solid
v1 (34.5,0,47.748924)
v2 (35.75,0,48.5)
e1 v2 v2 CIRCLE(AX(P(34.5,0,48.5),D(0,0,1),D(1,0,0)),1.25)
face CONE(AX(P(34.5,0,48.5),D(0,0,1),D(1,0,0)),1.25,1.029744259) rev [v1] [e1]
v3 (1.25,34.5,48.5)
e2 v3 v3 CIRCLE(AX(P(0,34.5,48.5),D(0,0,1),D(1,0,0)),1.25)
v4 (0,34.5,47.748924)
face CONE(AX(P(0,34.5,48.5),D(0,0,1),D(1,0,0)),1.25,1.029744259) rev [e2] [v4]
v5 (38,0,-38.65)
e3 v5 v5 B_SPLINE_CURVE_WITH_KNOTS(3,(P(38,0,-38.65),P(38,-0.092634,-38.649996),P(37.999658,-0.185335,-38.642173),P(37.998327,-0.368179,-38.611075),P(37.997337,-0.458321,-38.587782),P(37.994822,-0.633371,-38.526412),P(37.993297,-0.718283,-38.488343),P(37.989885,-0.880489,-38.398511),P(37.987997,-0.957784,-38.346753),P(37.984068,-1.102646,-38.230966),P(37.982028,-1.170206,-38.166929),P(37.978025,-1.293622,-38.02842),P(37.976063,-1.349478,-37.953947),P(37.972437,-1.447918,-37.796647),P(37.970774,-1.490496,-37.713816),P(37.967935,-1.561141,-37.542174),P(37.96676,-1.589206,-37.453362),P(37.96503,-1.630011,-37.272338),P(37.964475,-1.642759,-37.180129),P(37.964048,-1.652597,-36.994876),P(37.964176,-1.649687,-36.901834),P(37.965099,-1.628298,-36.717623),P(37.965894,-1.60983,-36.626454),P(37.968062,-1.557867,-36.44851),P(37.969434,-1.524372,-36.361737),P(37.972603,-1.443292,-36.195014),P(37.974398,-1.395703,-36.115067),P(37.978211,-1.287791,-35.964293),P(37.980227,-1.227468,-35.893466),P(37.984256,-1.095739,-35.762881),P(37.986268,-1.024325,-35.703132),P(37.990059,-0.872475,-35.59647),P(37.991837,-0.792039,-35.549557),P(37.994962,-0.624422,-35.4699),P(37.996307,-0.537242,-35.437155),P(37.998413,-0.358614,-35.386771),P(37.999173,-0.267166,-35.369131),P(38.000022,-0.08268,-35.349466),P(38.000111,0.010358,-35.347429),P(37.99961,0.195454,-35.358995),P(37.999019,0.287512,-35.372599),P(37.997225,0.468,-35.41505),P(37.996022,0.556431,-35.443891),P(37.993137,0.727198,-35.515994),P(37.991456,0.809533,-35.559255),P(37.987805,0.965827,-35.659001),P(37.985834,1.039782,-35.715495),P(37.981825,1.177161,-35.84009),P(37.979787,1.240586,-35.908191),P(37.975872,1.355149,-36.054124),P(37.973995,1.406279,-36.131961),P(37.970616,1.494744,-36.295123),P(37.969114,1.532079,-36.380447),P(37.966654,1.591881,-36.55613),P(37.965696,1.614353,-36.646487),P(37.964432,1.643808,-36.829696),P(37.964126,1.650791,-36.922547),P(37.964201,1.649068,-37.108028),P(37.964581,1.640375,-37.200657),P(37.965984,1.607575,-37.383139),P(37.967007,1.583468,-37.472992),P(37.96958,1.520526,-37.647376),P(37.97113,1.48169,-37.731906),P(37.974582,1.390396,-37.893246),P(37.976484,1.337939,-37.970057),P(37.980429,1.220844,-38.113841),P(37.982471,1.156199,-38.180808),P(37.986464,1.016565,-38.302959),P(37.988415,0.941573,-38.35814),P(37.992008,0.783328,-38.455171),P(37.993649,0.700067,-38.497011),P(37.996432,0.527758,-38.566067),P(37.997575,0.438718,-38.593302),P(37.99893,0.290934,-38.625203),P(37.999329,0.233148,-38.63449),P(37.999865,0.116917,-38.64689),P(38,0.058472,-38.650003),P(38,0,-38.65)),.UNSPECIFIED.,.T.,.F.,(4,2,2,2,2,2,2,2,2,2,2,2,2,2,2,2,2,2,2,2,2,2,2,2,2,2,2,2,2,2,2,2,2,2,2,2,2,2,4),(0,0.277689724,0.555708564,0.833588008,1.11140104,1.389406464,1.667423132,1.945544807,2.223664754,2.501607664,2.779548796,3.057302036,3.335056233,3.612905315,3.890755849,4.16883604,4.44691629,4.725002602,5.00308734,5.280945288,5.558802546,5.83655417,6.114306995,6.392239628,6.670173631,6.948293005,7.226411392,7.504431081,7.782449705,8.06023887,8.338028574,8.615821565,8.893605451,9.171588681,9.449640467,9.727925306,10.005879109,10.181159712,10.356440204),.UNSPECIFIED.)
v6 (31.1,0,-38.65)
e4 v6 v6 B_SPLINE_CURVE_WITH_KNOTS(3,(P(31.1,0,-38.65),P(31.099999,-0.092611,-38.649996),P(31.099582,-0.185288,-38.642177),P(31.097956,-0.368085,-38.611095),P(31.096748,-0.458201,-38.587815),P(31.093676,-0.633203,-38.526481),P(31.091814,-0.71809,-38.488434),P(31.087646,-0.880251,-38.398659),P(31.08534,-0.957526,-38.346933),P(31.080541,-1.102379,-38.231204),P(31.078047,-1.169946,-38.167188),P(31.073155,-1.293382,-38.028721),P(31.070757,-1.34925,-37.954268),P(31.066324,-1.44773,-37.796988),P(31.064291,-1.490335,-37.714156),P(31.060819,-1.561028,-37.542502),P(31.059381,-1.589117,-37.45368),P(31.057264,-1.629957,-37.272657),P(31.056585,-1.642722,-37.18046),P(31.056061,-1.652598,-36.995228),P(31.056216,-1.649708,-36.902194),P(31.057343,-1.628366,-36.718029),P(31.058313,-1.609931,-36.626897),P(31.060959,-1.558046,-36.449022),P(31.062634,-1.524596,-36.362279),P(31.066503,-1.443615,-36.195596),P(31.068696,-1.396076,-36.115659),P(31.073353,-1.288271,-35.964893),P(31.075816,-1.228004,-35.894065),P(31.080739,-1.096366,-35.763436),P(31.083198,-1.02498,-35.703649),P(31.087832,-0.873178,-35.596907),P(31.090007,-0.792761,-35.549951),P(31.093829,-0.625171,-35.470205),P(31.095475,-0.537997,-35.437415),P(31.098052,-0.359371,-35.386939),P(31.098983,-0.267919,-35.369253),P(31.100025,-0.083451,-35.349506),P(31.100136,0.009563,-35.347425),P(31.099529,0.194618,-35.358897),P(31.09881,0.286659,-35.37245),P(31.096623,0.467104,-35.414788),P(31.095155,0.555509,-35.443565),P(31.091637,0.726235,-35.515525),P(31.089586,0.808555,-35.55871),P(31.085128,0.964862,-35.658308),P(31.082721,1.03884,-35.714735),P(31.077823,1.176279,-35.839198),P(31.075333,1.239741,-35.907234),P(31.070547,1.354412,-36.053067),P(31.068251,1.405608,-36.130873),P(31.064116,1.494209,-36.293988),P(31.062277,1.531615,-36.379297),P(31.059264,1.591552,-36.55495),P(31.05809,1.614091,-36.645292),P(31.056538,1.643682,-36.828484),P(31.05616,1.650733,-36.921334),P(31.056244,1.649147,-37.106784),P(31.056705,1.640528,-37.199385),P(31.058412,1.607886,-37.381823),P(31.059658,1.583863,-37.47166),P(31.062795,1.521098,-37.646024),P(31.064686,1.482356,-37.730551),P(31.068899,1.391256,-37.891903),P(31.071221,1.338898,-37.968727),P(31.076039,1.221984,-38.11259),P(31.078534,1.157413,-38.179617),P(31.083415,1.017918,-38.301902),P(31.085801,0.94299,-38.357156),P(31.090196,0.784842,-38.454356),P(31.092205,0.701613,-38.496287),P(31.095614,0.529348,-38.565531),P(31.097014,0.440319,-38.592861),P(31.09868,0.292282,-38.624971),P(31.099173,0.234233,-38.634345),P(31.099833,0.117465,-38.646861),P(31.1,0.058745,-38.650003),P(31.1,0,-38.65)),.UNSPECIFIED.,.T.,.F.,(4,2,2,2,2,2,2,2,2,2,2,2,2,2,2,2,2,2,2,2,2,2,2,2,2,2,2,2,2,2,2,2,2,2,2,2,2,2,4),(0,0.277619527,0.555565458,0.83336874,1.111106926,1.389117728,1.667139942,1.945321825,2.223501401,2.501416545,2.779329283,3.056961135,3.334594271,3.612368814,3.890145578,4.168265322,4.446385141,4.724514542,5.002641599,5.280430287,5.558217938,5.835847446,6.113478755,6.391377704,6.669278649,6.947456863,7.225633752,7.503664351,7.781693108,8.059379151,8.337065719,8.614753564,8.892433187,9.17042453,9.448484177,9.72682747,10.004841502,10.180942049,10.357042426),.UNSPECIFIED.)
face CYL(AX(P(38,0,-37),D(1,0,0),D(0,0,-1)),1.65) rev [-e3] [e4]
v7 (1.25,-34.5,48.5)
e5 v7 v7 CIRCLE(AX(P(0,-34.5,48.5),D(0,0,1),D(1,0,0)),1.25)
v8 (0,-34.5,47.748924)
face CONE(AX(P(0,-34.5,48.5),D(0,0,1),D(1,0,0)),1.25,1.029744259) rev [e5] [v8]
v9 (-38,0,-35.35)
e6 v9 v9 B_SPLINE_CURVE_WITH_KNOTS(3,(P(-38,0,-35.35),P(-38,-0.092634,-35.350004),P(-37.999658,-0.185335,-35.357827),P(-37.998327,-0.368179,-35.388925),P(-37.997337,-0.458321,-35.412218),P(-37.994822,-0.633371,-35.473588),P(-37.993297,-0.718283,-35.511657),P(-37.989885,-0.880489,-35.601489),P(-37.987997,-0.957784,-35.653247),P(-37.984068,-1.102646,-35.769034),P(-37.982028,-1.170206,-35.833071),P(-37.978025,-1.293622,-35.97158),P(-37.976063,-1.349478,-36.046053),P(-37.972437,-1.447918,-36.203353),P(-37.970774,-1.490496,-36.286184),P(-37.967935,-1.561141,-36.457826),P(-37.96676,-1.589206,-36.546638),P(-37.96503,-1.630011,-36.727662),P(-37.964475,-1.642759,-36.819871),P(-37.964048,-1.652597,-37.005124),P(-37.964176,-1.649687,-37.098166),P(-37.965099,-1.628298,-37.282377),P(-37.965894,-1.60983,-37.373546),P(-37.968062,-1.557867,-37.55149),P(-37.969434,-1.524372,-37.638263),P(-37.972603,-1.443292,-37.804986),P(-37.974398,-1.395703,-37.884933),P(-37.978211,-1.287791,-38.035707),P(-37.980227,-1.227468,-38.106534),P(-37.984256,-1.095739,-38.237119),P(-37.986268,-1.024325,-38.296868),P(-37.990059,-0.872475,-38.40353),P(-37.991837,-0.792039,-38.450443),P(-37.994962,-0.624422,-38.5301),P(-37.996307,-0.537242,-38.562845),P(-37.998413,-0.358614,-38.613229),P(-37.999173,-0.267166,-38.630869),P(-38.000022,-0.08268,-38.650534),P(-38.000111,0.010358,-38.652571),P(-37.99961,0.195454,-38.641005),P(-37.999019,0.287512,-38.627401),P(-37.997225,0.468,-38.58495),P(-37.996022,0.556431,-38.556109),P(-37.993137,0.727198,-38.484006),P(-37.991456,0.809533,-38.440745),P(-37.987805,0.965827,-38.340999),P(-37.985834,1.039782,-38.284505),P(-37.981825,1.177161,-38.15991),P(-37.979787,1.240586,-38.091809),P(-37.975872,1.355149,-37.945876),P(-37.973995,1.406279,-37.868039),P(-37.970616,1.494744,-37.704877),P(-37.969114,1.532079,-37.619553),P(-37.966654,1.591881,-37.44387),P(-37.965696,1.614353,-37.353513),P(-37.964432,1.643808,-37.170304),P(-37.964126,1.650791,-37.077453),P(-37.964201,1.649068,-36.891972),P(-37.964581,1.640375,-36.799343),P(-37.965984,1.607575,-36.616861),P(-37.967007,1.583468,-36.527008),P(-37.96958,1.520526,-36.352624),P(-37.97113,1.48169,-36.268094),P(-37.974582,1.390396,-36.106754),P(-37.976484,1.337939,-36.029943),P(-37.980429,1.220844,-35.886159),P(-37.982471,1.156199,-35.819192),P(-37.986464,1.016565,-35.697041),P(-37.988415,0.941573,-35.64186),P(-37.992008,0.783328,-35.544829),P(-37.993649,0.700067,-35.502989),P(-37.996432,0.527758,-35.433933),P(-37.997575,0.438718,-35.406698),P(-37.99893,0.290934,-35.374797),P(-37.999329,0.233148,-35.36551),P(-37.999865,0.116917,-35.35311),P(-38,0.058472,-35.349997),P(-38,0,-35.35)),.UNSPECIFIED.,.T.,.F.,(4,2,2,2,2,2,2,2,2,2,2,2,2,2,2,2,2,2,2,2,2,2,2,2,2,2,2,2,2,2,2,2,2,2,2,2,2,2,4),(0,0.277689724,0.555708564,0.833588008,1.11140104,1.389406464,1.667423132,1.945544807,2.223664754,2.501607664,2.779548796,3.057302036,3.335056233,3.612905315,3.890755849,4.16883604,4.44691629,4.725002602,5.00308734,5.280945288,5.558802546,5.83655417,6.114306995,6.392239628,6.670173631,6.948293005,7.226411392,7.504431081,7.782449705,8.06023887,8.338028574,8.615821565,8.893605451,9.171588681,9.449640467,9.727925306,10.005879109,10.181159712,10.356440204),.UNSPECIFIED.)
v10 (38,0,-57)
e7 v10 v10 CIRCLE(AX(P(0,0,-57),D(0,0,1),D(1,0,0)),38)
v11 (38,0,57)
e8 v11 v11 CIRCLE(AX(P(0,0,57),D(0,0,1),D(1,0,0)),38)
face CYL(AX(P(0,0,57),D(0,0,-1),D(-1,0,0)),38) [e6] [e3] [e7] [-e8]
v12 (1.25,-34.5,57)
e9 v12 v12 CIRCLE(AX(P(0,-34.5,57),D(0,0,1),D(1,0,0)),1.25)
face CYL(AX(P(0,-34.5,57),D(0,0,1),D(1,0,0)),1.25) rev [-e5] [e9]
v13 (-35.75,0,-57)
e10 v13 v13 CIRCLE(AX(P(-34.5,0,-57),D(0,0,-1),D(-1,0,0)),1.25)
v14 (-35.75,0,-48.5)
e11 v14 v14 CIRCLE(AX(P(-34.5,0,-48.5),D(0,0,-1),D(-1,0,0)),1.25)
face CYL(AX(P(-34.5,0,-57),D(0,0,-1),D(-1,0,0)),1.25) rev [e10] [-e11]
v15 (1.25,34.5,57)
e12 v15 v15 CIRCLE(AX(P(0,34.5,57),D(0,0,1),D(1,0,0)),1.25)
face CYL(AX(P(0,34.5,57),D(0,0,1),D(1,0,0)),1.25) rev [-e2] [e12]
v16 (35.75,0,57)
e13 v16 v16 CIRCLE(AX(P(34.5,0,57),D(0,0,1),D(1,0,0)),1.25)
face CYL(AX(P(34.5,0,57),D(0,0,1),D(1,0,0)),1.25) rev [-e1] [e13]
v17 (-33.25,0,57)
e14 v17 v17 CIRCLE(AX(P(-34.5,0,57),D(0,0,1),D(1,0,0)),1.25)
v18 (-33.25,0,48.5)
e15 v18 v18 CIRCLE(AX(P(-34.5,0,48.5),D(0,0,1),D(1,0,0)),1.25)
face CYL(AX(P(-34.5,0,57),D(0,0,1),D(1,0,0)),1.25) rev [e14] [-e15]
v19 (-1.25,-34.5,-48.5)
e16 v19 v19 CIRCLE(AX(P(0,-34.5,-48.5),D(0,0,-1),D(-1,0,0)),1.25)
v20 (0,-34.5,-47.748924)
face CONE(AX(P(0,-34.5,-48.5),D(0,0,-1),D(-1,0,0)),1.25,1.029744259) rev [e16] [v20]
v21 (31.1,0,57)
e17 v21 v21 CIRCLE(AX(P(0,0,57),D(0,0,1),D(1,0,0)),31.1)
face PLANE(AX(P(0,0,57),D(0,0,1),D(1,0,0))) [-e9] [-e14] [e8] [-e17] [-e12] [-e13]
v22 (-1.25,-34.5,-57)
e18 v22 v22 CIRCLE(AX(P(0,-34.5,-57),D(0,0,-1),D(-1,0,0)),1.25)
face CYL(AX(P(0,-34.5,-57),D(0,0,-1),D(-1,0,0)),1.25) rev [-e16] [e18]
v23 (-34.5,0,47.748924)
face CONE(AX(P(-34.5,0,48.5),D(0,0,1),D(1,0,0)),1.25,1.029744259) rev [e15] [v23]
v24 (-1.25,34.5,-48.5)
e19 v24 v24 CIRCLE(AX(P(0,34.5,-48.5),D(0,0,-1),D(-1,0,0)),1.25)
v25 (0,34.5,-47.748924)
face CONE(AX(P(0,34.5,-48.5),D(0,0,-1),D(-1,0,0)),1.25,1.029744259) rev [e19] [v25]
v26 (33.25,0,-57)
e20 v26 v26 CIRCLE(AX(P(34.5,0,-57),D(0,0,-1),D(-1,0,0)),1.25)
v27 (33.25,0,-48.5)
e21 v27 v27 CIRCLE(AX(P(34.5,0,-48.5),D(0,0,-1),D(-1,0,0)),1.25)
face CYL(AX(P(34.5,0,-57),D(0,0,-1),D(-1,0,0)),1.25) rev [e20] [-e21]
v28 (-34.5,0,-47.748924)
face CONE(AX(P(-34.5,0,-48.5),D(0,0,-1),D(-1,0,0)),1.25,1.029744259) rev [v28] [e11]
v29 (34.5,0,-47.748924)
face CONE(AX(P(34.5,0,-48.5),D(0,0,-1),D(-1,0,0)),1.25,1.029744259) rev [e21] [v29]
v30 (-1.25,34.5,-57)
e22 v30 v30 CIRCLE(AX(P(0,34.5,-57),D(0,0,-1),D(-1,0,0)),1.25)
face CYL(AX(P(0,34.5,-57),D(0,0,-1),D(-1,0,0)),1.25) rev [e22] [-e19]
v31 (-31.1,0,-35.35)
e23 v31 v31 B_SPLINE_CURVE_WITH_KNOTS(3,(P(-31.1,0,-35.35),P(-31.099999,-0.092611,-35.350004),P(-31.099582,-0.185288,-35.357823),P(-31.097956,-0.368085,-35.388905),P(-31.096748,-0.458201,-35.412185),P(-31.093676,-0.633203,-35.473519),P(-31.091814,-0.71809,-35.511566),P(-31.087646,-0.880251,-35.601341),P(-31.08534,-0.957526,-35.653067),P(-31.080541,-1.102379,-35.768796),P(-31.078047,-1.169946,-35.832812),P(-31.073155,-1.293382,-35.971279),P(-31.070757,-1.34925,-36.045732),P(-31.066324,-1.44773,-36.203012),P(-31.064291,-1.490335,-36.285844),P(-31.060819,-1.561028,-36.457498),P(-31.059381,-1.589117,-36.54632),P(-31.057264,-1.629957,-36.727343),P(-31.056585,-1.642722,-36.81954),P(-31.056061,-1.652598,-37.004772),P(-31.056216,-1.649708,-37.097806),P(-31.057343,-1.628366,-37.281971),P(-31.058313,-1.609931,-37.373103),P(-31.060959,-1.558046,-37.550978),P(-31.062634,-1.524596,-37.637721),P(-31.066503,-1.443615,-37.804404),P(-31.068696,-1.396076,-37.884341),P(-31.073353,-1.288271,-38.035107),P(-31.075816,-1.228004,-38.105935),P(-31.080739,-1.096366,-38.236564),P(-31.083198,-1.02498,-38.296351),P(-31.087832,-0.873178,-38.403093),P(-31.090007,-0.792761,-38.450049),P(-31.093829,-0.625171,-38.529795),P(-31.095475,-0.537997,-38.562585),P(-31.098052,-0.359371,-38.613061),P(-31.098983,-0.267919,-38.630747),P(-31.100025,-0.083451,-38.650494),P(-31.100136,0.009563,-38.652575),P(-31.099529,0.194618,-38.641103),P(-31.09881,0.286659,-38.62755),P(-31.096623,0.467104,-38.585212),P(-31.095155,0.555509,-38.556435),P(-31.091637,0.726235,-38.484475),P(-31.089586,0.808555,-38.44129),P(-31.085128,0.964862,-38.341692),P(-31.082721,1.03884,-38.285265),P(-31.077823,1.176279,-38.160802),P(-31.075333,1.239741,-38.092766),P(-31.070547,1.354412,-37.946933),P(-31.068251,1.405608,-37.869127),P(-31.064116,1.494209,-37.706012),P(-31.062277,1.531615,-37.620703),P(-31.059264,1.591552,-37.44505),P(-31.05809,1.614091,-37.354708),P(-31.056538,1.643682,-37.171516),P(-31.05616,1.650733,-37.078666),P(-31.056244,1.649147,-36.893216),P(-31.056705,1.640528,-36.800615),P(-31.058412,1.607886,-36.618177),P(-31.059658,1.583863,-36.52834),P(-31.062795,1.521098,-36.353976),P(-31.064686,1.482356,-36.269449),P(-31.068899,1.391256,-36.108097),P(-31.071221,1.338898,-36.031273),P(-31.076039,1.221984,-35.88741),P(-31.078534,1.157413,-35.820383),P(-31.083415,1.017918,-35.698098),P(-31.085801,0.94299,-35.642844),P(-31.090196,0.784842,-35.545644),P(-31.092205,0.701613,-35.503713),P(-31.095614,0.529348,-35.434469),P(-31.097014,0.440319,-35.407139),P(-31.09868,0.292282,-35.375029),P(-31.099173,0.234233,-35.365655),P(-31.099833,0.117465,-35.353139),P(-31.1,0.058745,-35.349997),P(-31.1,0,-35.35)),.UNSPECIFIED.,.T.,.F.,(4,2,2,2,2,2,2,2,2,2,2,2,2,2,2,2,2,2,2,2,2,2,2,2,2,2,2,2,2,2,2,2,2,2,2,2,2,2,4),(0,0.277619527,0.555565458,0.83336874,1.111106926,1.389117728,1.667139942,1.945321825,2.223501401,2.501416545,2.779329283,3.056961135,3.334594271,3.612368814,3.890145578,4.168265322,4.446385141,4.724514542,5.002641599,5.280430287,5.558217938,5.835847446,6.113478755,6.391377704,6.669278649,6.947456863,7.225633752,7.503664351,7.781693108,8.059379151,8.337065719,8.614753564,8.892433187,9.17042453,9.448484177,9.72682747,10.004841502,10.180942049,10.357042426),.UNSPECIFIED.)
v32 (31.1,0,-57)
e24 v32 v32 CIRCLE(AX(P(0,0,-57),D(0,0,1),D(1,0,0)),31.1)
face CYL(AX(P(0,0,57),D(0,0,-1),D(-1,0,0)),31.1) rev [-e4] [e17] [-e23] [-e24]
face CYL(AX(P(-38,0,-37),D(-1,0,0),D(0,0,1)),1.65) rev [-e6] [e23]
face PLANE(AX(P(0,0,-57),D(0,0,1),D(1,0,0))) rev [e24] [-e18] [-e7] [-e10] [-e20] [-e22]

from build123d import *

# Parameters (mm, degrees)
SKETCH_1_R                   = 38
SKETCH_1_R_2                 = 31.1
EXTRUDE_1_DEPTH              = 57
HOLE_WIZARD_M3_1_D           = 2.5
HOLE_WIZARD_M3_1_DEPTH       = 8.5
HOLE_WIZARD_M3_1_TIP         = 0.751075774
HOLE_WIZARD_M3_3_D           = 2.5
HOLE_WIZARD_M3_3_DEPTH       = 8.5
HOLE_WIZARD_M3_3_TIP         = 0.751075774
HOLE_WIZARD_M4_1_D           = 3.3
HOLE_WIZARD_M4_1_ON_FACE_2_D = 3.3


with BuildPart() as part:
    # 草图1 → 凸台-拉伸1 (new, symmetric)
    with BuildSketch(Plane.XY):
        with Locations(Location((0, 0, 0), (0, 0, 180))):
            Circle(SKETCH_1_R)
        with Locations(Location((0, 0, 0), (0, 0, 180))):
            Circle(SKETCH_1_R_2, mode=Mode.SUBTRACT)
    extrude(amount=EXTRUDE_1_DEPTH, both=True)

    # M3 螺纹孔1
    with Locations(Plane.XY.offset(57)):
        with Locations((0, 34.5), (34.5, 0), (0, -34.5), (-34.5, 0)):
            Hole(HOLE_WIZARD_M3_1_D / 2, depth=HOLE_WIZARD_M3_1_DEPTH)
            with Locations((0, 0, -(HOLE_WIZARD_M3_1_DEPTH + HOLE_WIZARD_M3_1_TIP / 2))):  # 118° drill point
                Cone(0, HOLE_WIZARD_M3_1_D / 2, HOLE_WIZARD_M3_1_TIP, mode=Mode.SUBTRACT)

    # M3 螺纹孔3
    with Locations(Plane(origin=(13.806274772, 28.987165745, -57), x_dir=(-1, 0, 0), z_dir=(0, 0, -1))):
        with Locations((48.306274772, -28.987165745), (13.806274772, -63.487165745), (-20.693725228, -28.987165745), (13.806274772, 5.512834255)):
            Hole(HOLE_WIZARD_M3_3_D / 2, depth=HOLE_WIZARD_M3_3_DEPTH)
            with Locations((0, 0, -(HOLE_WIZARD_M3_3_DEPTH + HOLE_WIZARD_M3_3_TIP / 2))):  # 118° drill point
                Cone(0, HOLE_WIZARD_M3_3_D / 2, HOLE_WIZARD_M3_3_TIP, mode=Mode.SUBTRACT)

    # M4 螺纹孔1 (through all)
    with Locations(Plane(origin=(38, 0, -37), x_dir=(0, 1, 0), z_dir=(1, 0, 0))):
        with Locations((0, 0)):
            Hole(HOLE_WIZARD_M4_1_D / 2)

    # M4 螺纹孔1 on face 2 (through all)
    with Locations(Plane(origin=(-38, 0, -37), x_dir=(0, 0, -1), z_dir=(-1, 0, 0))):
        with Locations((0, 0)):
            Hole(HOLE_WIZARD_M4_1_ON_FACE_2_D / 2)


solid = part.part
